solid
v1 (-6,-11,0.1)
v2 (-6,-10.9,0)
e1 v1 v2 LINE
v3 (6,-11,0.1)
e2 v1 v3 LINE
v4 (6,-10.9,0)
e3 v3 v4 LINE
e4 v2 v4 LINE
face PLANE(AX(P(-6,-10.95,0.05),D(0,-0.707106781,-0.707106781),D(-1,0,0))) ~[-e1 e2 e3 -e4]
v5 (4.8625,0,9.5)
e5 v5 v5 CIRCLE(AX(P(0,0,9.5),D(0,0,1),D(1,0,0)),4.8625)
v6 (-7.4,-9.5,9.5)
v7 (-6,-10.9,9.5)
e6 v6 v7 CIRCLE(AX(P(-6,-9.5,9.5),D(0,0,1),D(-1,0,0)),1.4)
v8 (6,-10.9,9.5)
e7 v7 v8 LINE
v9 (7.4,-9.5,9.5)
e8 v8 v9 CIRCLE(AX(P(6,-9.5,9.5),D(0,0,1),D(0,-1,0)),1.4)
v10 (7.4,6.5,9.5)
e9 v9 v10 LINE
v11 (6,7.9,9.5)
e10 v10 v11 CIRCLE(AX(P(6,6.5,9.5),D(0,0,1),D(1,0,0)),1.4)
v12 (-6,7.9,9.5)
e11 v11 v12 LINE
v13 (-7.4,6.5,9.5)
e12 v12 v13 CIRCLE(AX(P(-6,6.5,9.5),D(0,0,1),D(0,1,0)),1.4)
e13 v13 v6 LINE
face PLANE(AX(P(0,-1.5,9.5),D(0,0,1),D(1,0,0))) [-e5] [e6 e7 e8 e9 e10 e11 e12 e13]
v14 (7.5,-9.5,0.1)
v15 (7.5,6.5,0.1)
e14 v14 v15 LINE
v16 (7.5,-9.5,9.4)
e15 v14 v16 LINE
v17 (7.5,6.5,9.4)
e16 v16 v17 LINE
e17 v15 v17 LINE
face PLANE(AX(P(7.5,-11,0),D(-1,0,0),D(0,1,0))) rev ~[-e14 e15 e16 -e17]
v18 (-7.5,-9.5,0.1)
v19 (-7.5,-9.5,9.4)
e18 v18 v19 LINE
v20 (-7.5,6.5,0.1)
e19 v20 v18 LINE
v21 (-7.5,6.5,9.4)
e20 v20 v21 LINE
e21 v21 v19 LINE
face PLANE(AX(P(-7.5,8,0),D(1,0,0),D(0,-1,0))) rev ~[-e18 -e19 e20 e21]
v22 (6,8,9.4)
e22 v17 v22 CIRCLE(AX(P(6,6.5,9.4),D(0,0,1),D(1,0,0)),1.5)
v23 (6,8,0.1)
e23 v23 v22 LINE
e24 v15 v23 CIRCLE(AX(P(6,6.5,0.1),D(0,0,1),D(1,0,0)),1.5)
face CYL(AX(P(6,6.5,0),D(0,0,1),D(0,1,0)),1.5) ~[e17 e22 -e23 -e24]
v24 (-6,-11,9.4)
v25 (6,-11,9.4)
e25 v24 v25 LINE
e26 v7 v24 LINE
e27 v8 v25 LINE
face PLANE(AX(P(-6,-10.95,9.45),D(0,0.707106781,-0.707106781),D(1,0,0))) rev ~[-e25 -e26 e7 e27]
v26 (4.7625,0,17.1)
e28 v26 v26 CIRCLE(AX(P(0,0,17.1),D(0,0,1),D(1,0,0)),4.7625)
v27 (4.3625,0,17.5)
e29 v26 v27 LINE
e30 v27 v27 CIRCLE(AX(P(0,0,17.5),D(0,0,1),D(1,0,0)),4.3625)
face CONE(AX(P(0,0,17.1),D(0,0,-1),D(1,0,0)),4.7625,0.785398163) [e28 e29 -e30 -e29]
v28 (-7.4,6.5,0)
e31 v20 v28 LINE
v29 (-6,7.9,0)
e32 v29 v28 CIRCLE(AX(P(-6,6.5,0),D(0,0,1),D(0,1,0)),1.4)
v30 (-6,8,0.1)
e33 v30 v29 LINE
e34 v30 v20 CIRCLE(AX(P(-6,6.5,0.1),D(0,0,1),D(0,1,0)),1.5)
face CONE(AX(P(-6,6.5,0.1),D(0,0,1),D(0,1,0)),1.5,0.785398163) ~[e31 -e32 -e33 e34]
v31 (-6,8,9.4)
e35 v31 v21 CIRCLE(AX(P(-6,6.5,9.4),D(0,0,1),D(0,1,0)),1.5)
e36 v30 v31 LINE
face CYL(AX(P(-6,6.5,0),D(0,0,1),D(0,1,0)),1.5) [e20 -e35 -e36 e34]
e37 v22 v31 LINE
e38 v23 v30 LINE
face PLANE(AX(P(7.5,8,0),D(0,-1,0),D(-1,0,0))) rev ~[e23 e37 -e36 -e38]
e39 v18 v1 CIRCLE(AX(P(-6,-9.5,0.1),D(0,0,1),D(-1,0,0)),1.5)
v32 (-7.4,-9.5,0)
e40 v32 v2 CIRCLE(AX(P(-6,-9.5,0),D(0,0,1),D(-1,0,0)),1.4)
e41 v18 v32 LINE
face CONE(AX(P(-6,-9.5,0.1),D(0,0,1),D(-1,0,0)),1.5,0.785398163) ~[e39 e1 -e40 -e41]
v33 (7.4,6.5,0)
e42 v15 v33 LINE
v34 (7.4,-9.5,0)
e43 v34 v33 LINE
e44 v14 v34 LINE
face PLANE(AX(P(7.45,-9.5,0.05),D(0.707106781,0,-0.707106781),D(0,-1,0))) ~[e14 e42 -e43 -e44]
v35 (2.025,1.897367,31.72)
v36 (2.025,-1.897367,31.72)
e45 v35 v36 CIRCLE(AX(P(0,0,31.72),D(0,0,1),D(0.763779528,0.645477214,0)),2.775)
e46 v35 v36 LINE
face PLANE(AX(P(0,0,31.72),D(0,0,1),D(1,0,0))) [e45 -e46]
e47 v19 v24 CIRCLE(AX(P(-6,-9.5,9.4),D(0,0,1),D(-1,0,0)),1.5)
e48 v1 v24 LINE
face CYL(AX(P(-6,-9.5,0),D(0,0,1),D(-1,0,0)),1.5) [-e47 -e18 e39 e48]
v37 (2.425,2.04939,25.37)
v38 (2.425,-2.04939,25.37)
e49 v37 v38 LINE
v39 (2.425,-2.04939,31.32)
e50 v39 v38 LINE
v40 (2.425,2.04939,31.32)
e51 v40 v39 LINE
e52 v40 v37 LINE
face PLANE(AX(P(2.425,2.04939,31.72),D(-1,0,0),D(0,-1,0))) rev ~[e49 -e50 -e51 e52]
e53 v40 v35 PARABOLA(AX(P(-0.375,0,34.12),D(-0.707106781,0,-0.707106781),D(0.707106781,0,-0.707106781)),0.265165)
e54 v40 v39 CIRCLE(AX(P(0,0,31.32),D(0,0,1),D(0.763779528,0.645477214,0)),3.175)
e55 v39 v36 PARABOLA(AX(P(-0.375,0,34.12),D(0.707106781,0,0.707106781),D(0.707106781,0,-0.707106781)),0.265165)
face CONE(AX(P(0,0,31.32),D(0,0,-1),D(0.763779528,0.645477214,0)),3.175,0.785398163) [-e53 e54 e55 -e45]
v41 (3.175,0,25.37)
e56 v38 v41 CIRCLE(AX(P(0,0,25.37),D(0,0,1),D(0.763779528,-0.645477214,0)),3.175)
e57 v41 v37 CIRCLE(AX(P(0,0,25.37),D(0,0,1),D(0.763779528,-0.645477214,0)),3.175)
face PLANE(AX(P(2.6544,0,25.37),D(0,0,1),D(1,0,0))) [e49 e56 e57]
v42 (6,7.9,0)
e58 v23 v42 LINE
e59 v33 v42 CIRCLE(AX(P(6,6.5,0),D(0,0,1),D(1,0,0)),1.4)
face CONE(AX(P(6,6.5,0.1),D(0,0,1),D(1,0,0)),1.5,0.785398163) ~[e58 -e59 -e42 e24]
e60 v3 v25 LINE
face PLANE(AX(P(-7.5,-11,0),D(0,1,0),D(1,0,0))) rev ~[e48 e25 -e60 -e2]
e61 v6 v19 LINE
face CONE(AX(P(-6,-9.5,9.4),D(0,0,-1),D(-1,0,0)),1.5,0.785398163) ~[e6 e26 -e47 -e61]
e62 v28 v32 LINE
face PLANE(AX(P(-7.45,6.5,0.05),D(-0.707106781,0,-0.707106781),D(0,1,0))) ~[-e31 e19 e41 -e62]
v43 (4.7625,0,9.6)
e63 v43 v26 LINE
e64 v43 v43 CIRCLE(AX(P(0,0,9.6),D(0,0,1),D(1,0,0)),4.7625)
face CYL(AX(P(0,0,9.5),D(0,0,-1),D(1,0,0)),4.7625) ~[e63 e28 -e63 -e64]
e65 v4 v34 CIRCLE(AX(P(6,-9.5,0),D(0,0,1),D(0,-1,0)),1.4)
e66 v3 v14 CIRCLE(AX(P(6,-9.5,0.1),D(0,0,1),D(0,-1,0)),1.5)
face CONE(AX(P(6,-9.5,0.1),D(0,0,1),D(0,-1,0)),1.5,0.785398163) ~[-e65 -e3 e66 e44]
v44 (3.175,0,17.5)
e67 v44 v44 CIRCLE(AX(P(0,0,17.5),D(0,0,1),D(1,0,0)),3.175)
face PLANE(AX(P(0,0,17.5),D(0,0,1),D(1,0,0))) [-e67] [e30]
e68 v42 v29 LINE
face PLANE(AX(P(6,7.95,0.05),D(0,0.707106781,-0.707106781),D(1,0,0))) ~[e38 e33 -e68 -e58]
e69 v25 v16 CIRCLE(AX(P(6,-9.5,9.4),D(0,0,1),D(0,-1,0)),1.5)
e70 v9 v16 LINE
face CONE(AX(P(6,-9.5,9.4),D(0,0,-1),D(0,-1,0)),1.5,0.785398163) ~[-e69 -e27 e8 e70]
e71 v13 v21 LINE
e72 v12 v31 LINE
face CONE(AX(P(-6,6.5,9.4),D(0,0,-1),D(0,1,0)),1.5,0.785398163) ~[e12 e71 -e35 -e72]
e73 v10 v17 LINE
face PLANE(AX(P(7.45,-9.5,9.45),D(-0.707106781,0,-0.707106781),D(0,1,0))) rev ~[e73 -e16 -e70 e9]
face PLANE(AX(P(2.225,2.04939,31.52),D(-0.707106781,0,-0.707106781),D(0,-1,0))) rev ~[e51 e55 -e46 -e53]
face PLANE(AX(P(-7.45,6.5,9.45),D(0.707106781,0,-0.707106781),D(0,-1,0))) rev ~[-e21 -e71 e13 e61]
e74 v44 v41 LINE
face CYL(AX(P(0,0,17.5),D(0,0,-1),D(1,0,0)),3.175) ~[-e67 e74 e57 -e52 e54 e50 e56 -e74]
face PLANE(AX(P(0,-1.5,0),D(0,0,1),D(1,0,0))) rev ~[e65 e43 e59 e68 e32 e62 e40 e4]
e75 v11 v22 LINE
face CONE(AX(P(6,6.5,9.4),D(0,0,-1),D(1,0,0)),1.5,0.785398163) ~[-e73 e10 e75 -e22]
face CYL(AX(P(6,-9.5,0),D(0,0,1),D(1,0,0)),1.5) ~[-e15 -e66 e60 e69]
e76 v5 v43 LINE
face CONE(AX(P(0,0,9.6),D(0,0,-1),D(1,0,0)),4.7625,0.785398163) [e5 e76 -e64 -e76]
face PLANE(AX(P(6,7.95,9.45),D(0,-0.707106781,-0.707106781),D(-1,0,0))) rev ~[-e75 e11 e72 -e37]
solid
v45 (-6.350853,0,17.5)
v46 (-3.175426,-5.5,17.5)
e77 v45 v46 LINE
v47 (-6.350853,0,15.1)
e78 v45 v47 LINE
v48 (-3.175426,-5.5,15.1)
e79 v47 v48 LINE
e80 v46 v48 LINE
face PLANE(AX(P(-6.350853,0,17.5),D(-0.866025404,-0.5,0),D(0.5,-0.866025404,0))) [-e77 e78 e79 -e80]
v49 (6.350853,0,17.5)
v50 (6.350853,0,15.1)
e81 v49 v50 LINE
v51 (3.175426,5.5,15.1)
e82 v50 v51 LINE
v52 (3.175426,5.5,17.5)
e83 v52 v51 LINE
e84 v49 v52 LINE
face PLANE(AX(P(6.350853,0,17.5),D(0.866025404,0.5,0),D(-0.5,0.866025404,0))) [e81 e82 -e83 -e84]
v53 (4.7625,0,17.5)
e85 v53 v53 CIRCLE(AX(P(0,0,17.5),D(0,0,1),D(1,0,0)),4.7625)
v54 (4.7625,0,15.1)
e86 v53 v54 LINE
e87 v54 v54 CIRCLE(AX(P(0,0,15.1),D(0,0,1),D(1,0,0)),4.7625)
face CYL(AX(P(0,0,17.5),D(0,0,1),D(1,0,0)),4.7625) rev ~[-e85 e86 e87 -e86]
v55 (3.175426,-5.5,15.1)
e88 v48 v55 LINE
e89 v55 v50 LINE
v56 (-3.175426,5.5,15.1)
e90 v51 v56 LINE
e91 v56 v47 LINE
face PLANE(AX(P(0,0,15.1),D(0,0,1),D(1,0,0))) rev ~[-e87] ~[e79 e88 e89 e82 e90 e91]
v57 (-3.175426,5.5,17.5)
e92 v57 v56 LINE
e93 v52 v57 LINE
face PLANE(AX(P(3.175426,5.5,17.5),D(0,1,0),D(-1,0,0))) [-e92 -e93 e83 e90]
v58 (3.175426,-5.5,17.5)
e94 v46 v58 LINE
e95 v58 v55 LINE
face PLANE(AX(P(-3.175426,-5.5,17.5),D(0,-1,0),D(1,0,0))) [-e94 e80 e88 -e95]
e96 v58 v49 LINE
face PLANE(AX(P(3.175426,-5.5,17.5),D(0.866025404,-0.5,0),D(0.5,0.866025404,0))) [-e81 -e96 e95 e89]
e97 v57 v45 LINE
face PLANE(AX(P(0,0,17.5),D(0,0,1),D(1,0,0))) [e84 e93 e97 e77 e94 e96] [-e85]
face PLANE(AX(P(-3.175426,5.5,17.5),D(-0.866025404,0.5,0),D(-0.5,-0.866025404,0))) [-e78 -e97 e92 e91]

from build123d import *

# Parameters (mm, degrees)
F1_DEPTH  = 9.5
F2_R      = 4.7625
F3_DEPTH  = 8
F4_R      = 3.175
F5_DEPTH  = 14.22
F7_DEPTH  = 6.35
F8_SIZE   = 0.4
F9_R      = 1.5
F10_SIZE  = 0.1
F11_R     = 4.7625
F12_DEPTH = 2.4


with BuildPart() as f1:
    # F0 (on Top) → F1 (new body)
    with BuildSketch(Plane.XY):
        Polygon((7.5, 8), (-7.5, 8), (-7.5, -4.7), (-7.5, -11), (7.5, -11), (7.5, -8), align=None)
    extrude(amount=F1_DEPTH)

    # F2 (on face) → F3 (join)
    with BuildSketch(Plane.XY.offset(9.5)):
        Circle(F2_R)
    extrude(amount=F3_DEPTH)

    # F4 (on face) → F5 (join)
    with BuildSketch(Plane.XY.offset(17.5)):
        Circle(F4_R)
    extrude(amount=F5_DEPTH)

    # F6 (on face) → F7 (cut)
    with BuildSketch(Plane.XY.offset(31.72)):
        with BuildLine():
            Line((2.425, 2.0493901532), (2.425, -2.0493901532))
            ThreePointArc((2.425, -2.0493901532), (3.175, 0), (2.425, 2.0493901532))
        make_face()
    extrude(amount=-F7_DEPTH, mode=Mode.SUBTRACT)

    # F8
    f8_edges = [f1.edges().sort_by_distance(p)[0] for p in [
        (-3.175, 0, 31.72),
        (2.425, 0, 31.72),
        (-4.7625, 0, 17.5),
    ]]
    chamfer(f8_edges, length=F8_SIZE)

    # F9
    f9_edges = [f1.edges().sort_by_distance(p)[0] for p in [
        (-7.5, -11, 4.75),
        (7.5, -11, 4.75),
        (7.5, 8, 4.75),
        (-7.5, 8, 4.75),
    ]]
    fillet(f9_edges, radius=F9_R)

    # F10
    f10_edges = [f1.edges().sort_by_distance(p)[0] for p in [
        (0, 8, 9.5),
        (7.06066, 7.56066, 9.5),
        (-7.06066, 7.56066, 9.5),
        (7.5, -1.5, 9.5),
        (-7.5, -1.5, 9.5),
        (7.06066, -10.56066, 9.5),
        (-7.06066, -10.56066, 9.5),
        (0, -11, 9.5),
        (-4.7625, 0, 9.5),
        (0, 8, 0),
        (7.06066, 7.56066, 0),
        (-7.06066, 7.56066, 0),
        (7.5, -1.5, 0),
        (-7.5, -1.5, 0),
        (7.06066, -10.56066, 0),
        (-7.06066, -10.56066, 0),
        (0, -11, 0),
    ]]
    chamfer(f10_edges, length=F10_SIZE)


with BuildPart() as f12:
    # F11 (on face) → F12 (new body)
    with BuildSketch(Plane.XY.offset(17.5)):
        Polygon((3.1754264805, 5.5), (-3.1754264805, 5.5), (-6.3508529611, 0), (-3.1754264805, -5.5), (3.1754264805, -5.5), (6.3508529611, 0), align=None)
        Circle(F11_R, mode=Mode.SUBTRACT)
    extrude(amount=-F12_DEPTH)


solid = Compound([f1.part, f12.part])
